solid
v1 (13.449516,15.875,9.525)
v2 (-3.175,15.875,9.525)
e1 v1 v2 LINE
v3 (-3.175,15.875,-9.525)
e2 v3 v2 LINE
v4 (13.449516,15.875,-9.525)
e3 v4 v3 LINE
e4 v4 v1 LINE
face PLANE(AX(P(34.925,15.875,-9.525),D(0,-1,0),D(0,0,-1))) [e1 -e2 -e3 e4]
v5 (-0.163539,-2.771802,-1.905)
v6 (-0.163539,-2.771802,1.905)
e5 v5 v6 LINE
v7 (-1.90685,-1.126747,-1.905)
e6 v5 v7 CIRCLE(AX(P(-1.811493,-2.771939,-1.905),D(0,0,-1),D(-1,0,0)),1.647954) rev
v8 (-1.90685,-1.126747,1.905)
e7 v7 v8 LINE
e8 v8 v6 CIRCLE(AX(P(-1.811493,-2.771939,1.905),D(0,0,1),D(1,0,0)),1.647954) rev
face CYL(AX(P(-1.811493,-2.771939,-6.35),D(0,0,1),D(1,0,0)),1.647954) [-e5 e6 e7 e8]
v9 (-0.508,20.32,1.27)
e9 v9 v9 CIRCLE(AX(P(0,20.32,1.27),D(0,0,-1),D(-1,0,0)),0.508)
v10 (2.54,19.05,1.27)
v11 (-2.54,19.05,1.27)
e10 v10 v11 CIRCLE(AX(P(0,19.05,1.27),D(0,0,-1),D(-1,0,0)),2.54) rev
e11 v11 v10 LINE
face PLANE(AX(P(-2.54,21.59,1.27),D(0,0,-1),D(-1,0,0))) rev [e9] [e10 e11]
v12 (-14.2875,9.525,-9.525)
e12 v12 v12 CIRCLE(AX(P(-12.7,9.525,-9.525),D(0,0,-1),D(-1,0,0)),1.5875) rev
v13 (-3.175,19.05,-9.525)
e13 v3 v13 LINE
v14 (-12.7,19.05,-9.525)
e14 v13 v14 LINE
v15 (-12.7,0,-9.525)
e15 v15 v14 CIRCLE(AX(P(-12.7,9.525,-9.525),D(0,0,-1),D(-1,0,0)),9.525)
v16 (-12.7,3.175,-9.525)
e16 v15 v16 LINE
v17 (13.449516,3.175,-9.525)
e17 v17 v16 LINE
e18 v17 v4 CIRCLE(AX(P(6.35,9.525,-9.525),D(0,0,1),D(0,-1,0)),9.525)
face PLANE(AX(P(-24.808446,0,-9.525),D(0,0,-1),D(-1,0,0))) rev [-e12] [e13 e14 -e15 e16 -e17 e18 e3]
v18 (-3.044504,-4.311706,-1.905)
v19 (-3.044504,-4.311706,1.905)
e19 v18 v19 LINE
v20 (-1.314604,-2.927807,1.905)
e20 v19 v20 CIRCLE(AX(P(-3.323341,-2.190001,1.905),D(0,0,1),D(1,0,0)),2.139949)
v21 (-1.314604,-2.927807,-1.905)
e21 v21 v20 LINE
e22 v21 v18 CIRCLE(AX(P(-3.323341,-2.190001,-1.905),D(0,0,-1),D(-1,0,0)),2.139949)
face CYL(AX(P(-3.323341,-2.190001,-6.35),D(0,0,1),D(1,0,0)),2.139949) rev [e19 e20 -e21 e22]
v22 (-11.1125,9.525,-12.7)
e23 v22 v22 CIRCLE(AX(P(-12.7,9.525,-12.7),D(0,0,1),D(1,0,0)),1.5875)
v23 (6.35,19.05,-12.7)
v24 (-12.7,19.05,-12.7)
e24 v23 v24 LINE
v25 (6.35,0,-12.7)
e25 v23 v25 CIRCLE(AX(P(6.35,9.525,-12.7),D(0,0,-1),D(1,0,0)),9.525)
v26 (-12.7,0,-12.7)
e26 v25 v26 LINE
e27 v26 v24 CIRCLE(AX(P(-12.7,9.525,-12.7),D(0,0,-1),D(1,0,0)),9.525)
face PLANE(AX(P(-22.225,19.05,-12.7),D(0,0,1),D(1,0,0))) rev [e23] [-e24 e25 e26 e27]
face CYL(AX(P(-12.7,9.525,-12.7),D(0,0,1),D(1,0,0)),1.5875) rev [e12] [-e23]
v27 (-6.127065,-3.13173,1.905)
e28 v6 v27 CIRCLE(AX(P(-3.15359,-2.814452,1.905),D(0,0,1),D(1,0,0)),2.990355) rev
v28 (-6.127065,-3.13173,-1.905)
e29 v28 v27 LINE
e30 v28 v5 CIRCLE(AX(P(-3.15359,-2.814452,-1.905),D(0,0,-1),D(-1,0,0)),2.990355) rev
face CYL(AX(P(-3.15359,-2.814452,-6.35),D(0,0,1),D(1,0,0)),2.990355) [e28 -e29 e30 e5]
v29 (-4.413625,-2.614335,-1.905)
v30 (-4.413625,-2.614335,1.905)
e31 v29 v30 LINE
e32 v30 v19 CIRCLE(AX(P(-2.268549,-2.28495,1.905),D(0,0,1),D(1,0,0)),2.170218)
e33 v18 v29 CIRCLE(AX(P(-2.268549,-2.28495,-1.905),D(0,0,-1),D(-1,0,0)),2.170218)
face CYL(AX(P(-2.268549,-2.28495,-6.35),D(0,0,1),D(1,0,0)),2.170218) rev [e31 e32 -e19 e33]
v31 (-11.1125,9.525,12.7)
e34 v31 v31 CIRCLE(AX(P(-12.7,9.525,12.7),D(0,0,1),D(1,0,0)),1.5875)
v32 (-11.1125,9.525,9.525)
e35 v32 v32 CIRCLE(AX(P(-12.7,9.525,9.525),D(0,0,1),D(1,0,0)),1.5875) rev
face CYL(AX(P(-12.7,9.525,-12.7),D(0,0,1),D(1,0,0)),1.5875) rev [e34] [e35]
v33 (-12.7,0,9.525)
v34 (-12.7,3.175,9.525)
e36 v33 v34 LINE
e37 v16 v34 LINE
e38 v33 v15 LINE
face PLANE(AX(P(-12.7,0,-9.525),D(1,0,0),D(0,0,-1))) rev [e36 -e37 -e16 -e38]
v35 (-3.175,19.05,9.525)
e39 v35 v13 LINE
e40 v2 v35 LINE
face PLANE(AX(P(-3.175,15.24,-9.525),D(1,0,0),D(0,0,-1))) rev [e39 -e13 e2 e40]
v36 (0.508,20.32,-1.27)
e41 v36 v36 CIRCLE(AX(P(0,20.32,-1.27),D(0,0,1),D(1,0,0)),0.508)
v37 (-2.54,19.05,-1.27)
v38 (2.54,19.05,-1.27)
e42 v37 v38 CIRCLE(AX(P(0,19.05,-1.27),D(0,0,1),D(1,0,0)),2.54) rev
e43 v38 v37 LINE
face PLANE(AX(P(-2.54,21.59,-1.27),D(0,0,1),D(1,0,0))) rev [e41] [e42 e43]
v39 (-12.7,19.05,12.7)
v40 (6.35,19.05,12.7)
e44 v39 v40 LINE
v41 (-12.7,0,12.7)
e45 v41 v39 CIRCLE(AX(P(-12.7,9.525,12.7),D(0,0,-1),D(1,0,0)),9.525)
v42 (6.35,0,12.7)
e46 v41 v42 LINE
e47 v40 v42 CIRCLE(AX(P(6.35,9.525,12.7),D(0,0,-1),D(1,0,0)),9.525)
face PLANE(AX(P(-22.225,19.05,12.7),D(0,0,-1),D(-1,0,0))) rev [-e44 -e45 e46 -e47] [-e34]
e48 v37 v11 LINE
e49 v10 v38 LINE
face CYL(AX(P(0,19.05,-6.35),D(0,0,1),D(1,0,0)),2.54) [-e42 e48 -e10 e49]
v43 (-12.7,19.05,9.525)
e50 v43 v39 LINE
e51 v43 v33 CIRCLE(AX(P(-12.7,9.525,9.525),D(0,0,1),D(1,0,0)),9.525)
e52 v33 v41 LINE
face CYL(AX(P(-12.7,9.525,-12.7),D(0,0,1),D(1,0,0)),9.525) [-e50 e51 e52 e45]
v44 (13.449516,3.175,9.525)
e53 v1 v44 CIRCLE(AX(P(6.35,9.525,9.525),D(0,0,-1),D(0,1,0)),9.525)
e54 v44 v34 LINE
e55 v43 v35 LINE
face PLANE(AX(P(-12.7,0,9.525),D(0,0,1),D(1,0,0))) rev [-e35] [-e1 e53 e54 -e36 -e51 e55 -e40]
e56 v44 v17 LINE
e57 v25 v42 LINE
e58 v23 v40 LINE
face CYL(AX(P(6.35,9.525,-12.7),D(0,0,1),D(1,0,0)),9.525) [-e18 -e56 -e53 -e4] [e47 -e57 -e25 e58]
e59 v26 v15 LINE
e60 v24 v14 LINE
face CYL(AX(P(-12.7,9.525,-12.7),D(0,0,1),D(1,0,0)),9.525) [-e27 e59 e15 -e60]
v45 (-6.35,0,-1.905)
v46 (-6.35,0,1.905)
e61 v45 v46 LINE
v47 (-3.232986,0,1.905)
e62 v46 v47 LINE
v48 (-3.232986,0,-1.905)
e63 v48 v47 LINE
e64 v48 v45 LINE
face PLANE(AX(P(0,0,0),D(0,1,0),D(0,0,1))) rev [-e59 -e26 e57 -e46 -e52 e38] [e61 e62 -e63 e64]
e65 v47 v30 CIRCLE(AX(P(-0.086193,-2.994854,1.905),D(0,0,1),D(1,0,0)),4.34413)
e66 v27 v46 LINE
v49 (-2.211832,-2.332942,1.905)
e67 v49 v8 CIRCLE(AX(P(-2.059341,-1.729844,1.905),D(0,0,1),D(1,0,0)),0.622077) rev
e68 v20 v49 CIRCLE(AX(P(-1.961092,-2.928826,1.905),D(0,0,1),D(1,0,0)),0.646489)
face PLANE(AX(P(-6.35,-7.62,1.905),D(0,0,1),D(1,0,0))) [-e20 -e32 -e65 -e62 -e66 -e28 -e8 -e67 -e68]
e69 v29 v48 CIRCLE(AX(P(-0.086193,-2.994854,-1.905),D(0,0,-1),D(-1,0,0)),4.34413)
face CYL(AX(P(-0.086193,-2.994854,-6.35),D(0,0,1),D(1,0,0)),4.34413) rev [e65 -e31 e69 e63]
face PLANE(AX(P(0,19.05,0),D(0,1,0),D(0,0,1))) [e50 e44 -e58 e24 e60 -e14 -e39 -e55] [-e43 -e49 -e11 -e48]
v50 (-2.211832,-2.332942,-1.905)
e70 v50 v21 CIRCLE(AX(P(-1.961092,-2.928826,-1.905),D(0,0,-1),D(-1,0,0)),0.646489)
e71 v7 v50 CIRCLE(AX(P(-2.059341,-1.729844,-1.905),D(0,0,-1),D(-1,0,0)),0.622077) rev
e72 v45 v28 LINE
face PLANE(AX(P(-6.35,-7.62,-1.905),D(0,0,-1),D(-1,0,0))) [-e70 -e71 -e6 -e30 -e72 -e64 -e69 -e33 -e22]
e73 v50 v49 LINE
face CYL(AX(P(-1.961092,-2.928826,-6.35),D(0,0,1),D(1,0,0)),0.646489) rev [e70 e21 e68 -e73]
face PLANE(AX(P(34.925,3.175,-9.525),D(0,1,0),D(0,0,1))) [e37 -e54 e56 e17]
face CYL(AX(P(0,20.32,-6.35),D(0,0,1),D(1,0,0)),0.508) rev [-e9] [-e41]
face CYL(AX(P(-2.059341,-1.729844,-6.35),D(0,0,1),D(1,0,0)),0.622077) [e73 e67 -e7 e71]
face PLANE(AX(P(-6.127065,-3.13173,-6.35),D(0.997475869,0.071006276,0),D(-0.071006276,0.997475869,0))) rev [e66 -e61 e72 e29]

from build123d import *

# Parameters (mm, degrees)
SKETCH1_W           = 38.1
SKETCH1_H           = 25.4
BOSS_EXTRUDE1_DEPTH = 19.05
SKETCH2_R           = 1.5875
CUT_EXTRUDE2_DEPTH  = 25.4
SKETCH3_W           = 12.108446299
SKETCH3_H           = 19.05
CUT_EXTRUDE3_DEPTH  = 19.05
SKETCH4_W           = 19.05
SKETCH4_H           = 12.7
CUT_EXTRUDE4_DEPTH  = 50.8
SKETCH6_W           = 7.660570014
SKETCH6_H           = 3.81
BOSS_EXTRUDE2_DEPTH = 7.62
CUT_EXTRUDE6_DEPTH  = 19.05
SKETCH8_W           = 5.08
SKETCH8_H           = 2.54
BOSS_EXTRUDE3_DEPTH = 2.54
SKETCH9_R           = 0.508
CUT_EXTRUDE7_DEPTH  = 19.05
SKETCH10_W          = 9.525
SKETCH10_H          = 19.05
CUT_EXTRUDE8_DEPTH  = 3.81


with BuildPart() as part:
    # Sketch1 → Boss-Extrude1 (new body)
    with BuildSketch(Plane(origin=(0, 0, 0), x_dir=(1, 0, 0), z_dir=(0, 1, 0))):
        with Locations((-3.175, 0)):
            Rectangle(SKETCH1_W, SKETCH1_H)
    extrude(amount=BOSS_EXTRUDE1_DEPTH)

    # Sketch2 → Cut-Extrude2 (cut)
    with BuildSketch(Plane.XY.offset(12.7)):
        with Locations((-12.7, 9.525)):
            Circle(SKETCH2_R)
        with BuildLine():
            ThreePointArc((-12.7, 19.05), (-22.225, 9.525), (-12.7, 0))
            ThreePointArc((-12.7, 0), (-33.665146333, 9.525), (-12.7, 19.05))
        make_face()
        with BuildLine():
            ThreePointArc((6.35, 0), (15.875, 9.525), (6.35, 19.05))
            ThreePointArc((6.35, 19.05), (24.948138119, 9.525), (6.35, 0))
        make_face()
    extrude(amount=-CUT_EXTRUDE2_DEPTH, mode=Mode.SUBTRACT)

    # Sketch3 → Cut-Extrude3 (cut)
    with BuildSketch(Plane(origin=(0, 19.05, 0), x_dir=(1, 0, 0), z_dir=(0, 1, 0))):
        with Locations((-18.754223149, 0)):
            Rectangle(SKETCH3_W, SKETCH3_H)
    extrude(amount=-CUT_EXTRUDE3_DEPTH, mode=Mode.SUBTRACT)

    # Sketch4 → Cut-Extrude4 (cut)
    with BuildSketch(Plane(origin=(-15.875, 0, 0), x_dir=(0, 0, -1), z_dir=(1, 0, 0))):
        with Locations((0, 9.525)):
            Rectangle(SKETCH4_W, SKETCH4_H)
    extrude(amount=CUT_EXTRUDE4_DEPTH, mode=Mode.SUBTRACT)

    # Sketch6 → Boss-Extrude2 (add)
    with BuildSketch(Plane(origin=(0, 0, 0), x_dir=(1, 0, 0), z_dir=(0, 1, 0))):
        with Locations((-2.519714993, 0)):
            Rectangle(SKETCH6_W, SKETCH6_H)
    extrude(amount=-BOSS_EXTRUDE2_DEPTH)

    # Sketch7 → Cut-Extrude6 (cut)
    with BuildSketch(Plane.XY.offset(12.7)):
        with BuildLine():
            Line((-7.080935196, -3.131729905), (-6.858, 0))
            Line((-6.858, 0), (-6.858, -7.767816491))
            Line((-6.858, -7.767816491), (-14.771031914, -7.767816491))
            Line((-14.771031914, -7.767816491), (-14.771031914, 0))
            Line((-14.771031914, 0), (-9.975013633, 0))
            ThreePointArc((-9.975013633, 0), (-9.162678538, -1.206904896), (-8.794375076, -2.614335284))
            ThreePointArc((-8.794375076, -2.614335284), (-9.25025826, -3.647474967), (-10.163496252, -4.311706442))
            ThreePointArc((-10.163496252, -4.311706442), (-11.221462334, -3.861030674), (-11.89339597, -2.927807191))
            ThreePointArc((-11.89339597, -2.927807191), (-11.604147707, -2.390005207), (-10.996168015, -2.332941862))
            ThreePointArc((-10.996168015, -2.332941862), (-10.54556137, -1.577353268), (-11.301149964, -1.126746624))
            ThreePointArc((-11.301149964, -1.126746624), (-12.52752029, -1.573373178), (-13.044460874, -2.771802103))
            ThreePointArc((-13.044460874, -2.771802103), (-12.016160281, -5.071387383), (-9.595781192, -5.769427237))
            ThreePointArc((-9.595781192, -5.769427237), (-7.890109837, -4.877949662), (-7.080935196, -3.131729905))
        make_face()
        with BuildLine():
            Line((1.563031914, 0), (-3.232986367, 0))
            ThreePointArc((-3.232986367, 0), (-4.045321462, -1.206904896), (-4.413624924, -2.614335284))
            ThreePointArc((-4.413624924, -2.614335284), (-3.95774174, -3.647474967), (-3.044503748, -4.311706442))
            ThreePointArc((-3.044503748, -4.311706442), (-1.986537666, -3.861030674), (-1.31460403, -2.927807191))
            ThreePointArc((-1.31460403, -2.927807191), (-1.603852293, -2.390005207), (-2.211831985, -2.332941862))
            ThreePointArc((-2.211831985, -2.332941862), (-2.66243863, -1.577353268), (-1.906850036, -1.126746624))
            ThreePointArc((-1.906850036, -1.126746624), (-0.68047971, -1.573373178), (-0.163539126, -2.771802103))
            ThreePointArc((-0.163539126, -2.771802103), (-1.191839719, -5.071387383), (-3.612218808, -5.769427237))
            ThreePointArc((-3.612218808, -5.769427237), (-5.317890163, -4.877949662), (-6.127064804, -3.131729905))
            Line((-6.127064804, -3.131729905), (-6.35, 0))
            Line((-6.35, 0), (-6.35, -7.767816491))
            Line((-6.35, -7.767816491), (1.563031914, -7.767816491))
            Line((1.563031914, -7.767816491), (1.563031914, 0))
        make_face()
    extrude(amount=-CUT_EXTRUDE6_DEPTH, mode=Mode.SUBTRACT)

    # Sketch8 → Boss-Extrude3 (add)
    with BuildSketch(Plane(origin=(0, 19.05, 0), x_dir=(1, 0, 0), z_dir=(0, 1, 0))):
        Rectangle(SKETCH8_W, SKETCH8_H)
    extrude(amount=BOSS_EXTRUDE3_DEPTH)

    # Sketch9 → Cut-Extrude7 (cut)
    with BuildSketch(Plane.XY.offset(12.7)):
        with Locations((0, 20.32)):
            Circle(SKETCH9_R)
        with BuildLine():
            ThreePointArc((-2.54, 19.05), (0, 21.59), (2.54, 19.05))
            ThreePointArc((2.54, 19.05), (0, 23.383223271), (-2.54, 19.05))
        make_face()
    extrude(amount=-CUT_EXTRUDE7_DEPTH, mode=Mode.SUBTRACT)

    # Sketch10 → Cut-Extrude8 (cut)
    with BuildSketch(Plane(origin=(0, 19.05, 0), x_dir=(1, 0, 0), z_dir=(0, 1, 0))):
        with Locations((-7.9375, 0)):
            Rectangle(SKETCH10_W, SKETCH10_H)
    extrude(amount=-CUT_EXTRUDE8_DEPTH, mode=Mode.SUBTRACT)


solid = part.part
